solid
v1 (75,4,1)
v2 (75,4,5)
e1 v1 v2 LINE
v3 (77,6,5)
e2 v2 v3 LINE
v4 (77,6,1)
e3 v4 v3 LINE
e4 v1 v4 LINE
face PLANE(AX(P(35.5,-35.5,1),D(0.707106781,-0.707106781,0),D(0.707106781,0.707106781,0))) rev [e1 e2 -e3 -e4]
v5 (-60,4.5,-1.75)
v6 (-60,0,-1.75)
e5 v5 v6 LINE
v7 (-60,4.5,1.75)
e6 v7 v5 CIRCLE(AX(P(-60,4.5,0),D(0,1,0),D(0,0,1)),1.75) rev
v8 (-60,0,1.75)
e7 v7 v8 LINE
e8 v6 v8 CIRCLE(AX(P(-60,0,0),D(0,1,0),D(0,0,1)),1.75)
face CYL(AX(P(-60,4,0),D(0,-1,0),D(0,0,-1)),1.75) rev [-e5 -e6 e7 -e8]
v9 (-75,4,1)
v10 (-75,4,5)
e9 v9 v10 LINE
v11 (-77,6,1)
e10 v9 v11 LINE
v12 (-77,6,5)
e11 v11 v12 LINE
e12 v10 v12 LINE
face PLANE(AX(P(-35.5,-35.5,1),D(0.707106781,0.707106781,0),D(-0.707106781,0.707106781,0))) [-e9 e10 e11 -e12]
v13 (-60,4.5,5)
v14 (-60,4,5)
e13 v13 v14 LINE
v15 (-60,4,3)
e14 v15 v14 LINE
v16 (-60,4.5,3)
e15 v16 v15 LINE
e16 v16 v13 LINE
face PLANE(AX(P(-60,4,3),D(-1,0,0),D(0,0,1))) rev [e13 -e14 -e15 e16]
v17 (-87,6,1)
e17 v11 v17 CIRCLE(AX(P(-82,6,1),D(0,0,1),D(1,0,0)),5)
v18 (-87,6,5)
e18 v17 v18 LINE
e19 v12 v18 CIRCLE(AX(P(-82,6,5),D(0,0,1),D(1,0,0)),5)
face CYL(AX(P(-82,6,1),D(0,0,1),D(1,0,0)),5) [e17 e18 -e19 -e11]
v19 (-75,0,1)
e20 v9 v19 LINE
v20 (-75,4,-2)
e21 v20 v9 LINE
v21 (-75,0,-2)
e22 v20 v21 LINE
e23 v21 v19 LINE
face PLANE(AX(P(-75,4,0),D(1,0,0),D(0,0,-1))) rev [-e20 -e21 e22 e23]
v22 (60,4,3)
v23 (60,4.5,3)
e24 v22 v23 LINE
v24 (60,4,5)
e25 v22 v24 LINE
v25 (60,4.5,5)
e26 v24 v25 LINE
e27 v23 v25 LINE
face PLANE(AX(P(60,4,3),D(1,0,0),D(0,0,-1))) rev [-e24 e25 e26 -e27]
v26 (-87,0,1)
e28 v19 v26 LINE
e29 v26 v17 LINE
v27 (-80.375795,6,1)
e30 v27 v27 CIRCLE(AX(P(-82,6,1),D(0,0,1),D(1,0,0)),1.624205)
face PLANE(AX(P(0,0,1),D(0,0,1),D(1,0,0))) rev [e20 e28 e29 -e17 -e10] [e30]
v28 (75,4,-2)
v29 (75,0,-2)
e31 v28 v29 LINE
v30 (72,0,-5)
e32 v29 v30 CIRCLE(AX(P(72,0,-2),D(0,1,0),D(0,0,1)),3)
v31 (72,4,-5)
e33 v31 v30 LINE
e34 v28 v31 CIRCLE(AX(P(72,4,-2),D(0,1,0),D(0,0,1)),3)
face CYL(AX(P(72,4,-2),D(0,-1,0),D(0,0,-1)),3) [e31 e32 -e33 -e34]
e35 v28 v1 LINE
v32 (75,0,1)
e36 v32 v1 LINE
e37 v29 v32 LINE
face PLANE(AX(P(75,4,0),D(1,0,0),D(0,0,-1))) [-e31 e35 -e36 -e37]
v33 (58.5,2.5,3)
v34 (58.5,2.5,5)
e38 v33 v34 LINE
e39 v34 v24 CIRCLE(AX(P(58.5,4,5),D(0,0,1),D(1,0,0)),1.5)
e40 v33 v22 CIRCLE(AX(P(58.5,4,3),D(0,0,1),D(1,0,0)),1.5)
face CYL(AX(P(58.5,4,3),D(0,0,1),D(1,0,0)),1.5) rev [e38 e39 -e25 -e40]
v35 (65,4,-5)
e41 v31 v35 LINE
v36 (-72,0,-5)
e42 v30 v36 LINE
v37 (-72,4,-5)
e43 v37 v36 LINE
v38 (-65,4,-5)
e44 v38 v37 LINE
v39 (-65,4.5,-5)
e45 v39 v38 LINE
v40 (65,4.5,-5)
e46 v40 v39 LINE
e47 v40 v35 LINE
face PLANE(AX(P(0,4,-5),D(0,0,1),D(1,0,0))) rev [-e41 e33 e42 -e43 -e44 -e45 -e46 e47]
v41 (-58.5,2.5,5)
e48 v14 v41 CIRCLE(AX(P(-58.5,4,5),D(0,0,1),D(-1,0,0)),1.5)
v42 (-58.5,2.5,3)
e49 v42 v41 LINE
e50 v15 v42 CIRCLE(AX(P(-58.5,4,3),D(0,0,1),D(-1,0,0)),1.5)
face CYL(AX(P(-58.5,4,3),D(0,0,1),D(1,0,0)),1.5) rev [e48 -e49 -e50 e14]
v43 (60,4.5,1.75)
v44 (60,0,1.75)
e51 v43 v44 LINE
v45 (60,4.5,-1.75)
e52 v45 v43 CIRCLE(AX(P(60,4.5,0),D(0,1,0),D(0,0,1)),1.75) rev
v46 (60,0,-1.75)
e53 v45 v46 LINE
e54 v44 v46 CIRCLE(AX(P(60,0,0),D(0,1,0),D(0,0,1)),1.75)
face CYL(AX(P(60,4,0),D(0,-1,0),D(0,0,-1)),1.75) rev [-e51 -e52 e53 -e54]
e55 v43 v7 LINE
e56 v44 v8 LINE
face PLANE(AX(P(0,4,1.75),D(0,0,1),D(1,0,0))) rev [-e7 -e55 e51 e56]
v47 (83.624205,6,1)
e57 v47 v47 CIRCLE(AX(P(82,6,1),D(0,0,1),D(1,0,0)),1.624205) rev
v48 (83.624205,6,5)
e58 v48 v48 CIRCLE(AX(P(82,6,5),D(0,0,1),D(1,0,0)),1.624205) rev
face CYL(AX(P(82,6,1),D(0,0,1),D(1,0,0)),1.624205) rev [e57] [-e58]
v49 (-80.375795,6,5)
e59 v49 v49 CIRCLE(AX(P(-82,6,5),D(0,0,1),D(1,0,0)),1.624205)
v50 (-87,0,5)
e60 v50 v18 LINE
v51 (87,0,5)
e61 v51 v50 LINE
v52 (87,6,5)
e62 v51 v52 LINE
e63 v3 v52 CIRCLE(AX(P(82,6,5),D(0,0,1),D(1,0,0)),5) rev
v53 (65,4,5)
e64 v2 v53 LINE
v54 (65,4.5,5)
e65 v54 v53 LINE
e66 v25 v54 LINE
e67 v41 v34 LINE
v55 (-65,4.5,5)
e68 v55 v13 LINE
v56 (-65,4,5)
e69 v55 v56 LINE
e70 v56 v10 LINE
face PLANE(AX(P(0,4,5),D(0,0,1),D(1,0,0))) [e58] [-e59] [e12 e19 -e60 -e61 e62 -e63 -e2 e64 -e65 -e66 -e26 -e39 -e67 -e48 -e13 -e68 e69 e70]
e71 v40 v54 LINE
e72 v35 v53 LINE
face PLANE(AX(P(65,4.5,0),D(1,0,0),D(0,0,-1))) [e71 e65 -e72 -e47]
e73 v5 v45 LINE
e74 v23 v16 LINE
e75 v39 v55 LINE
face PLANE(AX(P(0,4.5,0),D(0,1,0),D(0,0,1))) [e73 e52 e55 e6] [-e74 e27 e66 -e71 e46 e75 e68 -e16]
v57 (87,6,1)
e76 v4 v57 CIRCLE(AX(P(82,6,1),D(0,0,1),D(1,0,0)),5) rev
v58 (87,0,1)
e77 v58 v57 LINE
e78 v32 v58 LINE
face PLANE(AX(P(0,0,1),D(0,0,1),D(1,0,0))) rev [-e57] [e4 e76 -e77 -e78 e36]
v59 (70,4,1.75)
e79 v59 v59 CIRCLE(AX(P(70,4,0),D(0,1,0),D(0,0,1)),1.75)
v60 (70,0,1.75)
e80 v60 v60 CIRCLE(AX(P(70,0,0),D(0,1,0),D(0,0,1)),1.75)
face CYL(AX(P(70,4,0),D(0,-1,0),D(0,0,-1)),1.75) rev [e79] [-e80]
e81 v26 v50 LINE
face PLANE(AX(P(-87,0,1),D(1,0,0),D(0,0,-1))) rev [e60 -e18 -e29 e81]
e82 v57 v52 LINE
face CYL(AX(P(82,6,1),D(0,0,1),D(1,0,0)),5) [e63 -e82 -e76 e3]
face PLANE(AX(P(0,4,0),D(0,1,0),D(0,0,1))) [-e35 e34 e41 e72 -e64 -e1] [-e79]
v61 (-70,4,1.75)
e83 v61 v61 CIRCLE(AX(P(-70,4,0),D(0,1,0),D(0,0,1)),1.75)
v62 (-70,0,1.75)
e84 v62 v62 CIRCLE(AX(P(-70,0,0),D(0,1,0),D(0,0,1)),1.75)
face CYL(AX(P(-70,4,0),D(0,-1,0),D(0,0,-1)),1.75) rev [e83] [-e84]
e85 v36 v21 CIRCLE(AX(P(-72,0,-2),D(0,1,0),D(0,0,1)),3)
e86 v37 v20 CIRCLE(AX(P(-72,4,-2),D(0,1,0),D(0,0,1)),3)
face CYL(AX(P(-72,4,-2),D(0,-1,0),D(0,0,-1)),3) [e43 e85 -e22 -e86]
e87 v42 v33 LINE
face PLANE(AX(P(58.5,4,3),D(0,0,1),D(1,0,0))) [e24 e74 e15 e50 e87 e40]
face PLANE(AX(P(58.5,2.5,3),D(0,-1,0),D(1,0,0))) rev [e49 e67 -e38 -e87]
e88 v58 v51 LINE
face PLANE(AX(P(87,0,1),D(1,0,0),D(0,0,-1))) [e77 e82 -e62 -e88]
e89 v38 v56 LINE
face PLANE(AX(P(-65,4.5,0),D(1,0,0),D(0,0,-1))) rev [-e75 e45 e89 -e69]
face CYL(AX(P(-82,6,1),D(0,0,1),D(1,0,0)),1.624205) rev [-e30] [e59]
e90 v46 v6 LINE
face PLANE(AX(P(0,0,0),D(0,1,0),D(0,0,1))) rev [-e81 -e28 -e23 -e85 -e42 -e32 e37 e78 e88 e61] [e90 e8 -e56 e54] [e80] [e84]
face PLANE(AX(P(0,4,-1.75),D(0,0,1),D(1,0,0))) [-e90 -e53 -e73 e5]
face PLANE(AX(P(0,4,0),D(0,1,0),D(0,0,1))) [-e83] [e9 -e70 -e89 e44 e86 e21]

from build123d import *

# Parameters (mm, degrees)
SKETCH1_R           = 1.75
BOSS_EXTRUDE1_DEPTH = 4
SKETCH2_W           = 130
SKETCH2_H           = 10
BOSS_EXTRUDE2_DEPTH = 0.5
CUT_EXTRUDE1_DEPTH  = 2
SKETCH4_R           = 1.624205192
BOSS_EXTRUDE3_DEPTH = 4


with BuildPart() as part:
    # Sketch1 → Boss-Extrude1 (new body)
    with BuildSketch(Plane(origin=(0, 0, 0), x_dir=(1, 0, 0), z_dir=(0, 1, 0))):
        with BuildLine():
            ThreePointArc((75, 2), (74.121320344, 4.121320344), (72, 5))
            Line((72, 5), (-72, 5))
            ThreePointArc((-72, 5), (-74.121320344, 4.121320344), (-75, 2))
            Line((-75, 2), (-75, -5))
            Line((-75, -5), (75, -5))
            Line((75, -5), (75, 2))
        make_face()
        with Locations(Location((-70, 0, 0), (0, 0, 270))):
            Circle(SKETCH1_R, mode=Mode.SUBTRACT)
        with BuildLine():
            ThreePointArc((61.75, 0), (61.237436867, -1.237436867), (60, -1.75))
            Line((60, -1.75), (-60, -1.75))
            ThreePointArc((-60, -1.75), (-61.75, 0), (-60, 1.75))
            Line((-60, 1.75), (60, 1.75))
            ThreePointArc((60, 1.75), (61.237436867, 1.237436867), (61.75, 0))
        make_face(mode=Mode.SUBTRACT)
        with Locations(Location((70, 0, 0), (0, 0, 270))):
            Circle(SKETCH1_R, mode=Mode.SUBTRACT)
    extrude(amount=BOSS_EXTRUDE1_DEPTH)

    # Sketch2 → Boss-Extrude2 (add)
    with BuildSketch(Plane(origin=(0, 4, 0), x_dir=(1, 0, 0), z_dir=(0, 1, 0))):
        Rectangle(SKETCH2_W, SKETCH2_H)
        with BuildLine():
            Line((-60, 1.75), (60, 1.75))
            ThreePointArc((60, 1.75), (61.75, 0), (60, -1.75))
            Line((60, -1.75), (-60, -1.75))
            ThreePointArc((-60, -1.75), (-61.75, 0), (-60, 1.75))
        make_face(mode=Mode.SUBTRACT)
    extrude(amount=BOSS_EXTRUDE2_DEPTH)

    # Sketch3 → Cut-Extrude1 (cut)
    with BuildSketch(Plane.XY.offset(5)):
        with BuildLine():
            Line((58.5, 2.5), (-58.5, 2.5))
            ThreePointArc((-58.5, 2.5), (-59.560660172, 2.939339828), (-60, 4))
            Line((-60, 4), (-60, 4.5))
            Line((-60, 4.5), (60, 4.5))
            Line((60, 4.5), (60, 4))
            ThreePointArc((60, 4), (59.560660172, 2.939339828), (58.5, 2.5))
        make_face()
    extrude(amount=-CUT_EXTRUDE1_DEPTH, mode=Mode.SUBTRACT)

    # Sketch4 → Boss-Extrude3 (add)
    # profile 1 of 2: a face of its own
    with BuildSketch(Plane.XY.offset(5)):
        with BuildLine():
            Line((-75, 4), (-77, 6))
            ThreePointArc((-77, 6), (-82, 11), (-87, 6))
            Line((-87, 6), (-87, 0))
            Line((-87, 0), (-75, 0))
            Line((-75, 0), (-75, 4))
        make_face()
        with Locations((-82, 6)):
            Circle(SKETCH4_R, mode=Mode.SUBTRACT)
    # profile 2 of 2: a face of its own
    with BuildSketch(Plane.XY.offset(5)):
        with BuildLine():
            ThreePointArc((77, 6), (82, 11), (87, 6))
            Line((87, 6), (87, 0))
            Line((87, 0), (75, 0))
            Line((75, 0), (75, 4))
            Line((75, 4), (77, 6))
        make_face()
        with Locations((82, 6)):
            Circle(SKETCH4_R, mode=Mode.SUBTRACT)
    extrude(amount=-BOSS_EXTRUDE3_DEPTH)


solid = part.part
